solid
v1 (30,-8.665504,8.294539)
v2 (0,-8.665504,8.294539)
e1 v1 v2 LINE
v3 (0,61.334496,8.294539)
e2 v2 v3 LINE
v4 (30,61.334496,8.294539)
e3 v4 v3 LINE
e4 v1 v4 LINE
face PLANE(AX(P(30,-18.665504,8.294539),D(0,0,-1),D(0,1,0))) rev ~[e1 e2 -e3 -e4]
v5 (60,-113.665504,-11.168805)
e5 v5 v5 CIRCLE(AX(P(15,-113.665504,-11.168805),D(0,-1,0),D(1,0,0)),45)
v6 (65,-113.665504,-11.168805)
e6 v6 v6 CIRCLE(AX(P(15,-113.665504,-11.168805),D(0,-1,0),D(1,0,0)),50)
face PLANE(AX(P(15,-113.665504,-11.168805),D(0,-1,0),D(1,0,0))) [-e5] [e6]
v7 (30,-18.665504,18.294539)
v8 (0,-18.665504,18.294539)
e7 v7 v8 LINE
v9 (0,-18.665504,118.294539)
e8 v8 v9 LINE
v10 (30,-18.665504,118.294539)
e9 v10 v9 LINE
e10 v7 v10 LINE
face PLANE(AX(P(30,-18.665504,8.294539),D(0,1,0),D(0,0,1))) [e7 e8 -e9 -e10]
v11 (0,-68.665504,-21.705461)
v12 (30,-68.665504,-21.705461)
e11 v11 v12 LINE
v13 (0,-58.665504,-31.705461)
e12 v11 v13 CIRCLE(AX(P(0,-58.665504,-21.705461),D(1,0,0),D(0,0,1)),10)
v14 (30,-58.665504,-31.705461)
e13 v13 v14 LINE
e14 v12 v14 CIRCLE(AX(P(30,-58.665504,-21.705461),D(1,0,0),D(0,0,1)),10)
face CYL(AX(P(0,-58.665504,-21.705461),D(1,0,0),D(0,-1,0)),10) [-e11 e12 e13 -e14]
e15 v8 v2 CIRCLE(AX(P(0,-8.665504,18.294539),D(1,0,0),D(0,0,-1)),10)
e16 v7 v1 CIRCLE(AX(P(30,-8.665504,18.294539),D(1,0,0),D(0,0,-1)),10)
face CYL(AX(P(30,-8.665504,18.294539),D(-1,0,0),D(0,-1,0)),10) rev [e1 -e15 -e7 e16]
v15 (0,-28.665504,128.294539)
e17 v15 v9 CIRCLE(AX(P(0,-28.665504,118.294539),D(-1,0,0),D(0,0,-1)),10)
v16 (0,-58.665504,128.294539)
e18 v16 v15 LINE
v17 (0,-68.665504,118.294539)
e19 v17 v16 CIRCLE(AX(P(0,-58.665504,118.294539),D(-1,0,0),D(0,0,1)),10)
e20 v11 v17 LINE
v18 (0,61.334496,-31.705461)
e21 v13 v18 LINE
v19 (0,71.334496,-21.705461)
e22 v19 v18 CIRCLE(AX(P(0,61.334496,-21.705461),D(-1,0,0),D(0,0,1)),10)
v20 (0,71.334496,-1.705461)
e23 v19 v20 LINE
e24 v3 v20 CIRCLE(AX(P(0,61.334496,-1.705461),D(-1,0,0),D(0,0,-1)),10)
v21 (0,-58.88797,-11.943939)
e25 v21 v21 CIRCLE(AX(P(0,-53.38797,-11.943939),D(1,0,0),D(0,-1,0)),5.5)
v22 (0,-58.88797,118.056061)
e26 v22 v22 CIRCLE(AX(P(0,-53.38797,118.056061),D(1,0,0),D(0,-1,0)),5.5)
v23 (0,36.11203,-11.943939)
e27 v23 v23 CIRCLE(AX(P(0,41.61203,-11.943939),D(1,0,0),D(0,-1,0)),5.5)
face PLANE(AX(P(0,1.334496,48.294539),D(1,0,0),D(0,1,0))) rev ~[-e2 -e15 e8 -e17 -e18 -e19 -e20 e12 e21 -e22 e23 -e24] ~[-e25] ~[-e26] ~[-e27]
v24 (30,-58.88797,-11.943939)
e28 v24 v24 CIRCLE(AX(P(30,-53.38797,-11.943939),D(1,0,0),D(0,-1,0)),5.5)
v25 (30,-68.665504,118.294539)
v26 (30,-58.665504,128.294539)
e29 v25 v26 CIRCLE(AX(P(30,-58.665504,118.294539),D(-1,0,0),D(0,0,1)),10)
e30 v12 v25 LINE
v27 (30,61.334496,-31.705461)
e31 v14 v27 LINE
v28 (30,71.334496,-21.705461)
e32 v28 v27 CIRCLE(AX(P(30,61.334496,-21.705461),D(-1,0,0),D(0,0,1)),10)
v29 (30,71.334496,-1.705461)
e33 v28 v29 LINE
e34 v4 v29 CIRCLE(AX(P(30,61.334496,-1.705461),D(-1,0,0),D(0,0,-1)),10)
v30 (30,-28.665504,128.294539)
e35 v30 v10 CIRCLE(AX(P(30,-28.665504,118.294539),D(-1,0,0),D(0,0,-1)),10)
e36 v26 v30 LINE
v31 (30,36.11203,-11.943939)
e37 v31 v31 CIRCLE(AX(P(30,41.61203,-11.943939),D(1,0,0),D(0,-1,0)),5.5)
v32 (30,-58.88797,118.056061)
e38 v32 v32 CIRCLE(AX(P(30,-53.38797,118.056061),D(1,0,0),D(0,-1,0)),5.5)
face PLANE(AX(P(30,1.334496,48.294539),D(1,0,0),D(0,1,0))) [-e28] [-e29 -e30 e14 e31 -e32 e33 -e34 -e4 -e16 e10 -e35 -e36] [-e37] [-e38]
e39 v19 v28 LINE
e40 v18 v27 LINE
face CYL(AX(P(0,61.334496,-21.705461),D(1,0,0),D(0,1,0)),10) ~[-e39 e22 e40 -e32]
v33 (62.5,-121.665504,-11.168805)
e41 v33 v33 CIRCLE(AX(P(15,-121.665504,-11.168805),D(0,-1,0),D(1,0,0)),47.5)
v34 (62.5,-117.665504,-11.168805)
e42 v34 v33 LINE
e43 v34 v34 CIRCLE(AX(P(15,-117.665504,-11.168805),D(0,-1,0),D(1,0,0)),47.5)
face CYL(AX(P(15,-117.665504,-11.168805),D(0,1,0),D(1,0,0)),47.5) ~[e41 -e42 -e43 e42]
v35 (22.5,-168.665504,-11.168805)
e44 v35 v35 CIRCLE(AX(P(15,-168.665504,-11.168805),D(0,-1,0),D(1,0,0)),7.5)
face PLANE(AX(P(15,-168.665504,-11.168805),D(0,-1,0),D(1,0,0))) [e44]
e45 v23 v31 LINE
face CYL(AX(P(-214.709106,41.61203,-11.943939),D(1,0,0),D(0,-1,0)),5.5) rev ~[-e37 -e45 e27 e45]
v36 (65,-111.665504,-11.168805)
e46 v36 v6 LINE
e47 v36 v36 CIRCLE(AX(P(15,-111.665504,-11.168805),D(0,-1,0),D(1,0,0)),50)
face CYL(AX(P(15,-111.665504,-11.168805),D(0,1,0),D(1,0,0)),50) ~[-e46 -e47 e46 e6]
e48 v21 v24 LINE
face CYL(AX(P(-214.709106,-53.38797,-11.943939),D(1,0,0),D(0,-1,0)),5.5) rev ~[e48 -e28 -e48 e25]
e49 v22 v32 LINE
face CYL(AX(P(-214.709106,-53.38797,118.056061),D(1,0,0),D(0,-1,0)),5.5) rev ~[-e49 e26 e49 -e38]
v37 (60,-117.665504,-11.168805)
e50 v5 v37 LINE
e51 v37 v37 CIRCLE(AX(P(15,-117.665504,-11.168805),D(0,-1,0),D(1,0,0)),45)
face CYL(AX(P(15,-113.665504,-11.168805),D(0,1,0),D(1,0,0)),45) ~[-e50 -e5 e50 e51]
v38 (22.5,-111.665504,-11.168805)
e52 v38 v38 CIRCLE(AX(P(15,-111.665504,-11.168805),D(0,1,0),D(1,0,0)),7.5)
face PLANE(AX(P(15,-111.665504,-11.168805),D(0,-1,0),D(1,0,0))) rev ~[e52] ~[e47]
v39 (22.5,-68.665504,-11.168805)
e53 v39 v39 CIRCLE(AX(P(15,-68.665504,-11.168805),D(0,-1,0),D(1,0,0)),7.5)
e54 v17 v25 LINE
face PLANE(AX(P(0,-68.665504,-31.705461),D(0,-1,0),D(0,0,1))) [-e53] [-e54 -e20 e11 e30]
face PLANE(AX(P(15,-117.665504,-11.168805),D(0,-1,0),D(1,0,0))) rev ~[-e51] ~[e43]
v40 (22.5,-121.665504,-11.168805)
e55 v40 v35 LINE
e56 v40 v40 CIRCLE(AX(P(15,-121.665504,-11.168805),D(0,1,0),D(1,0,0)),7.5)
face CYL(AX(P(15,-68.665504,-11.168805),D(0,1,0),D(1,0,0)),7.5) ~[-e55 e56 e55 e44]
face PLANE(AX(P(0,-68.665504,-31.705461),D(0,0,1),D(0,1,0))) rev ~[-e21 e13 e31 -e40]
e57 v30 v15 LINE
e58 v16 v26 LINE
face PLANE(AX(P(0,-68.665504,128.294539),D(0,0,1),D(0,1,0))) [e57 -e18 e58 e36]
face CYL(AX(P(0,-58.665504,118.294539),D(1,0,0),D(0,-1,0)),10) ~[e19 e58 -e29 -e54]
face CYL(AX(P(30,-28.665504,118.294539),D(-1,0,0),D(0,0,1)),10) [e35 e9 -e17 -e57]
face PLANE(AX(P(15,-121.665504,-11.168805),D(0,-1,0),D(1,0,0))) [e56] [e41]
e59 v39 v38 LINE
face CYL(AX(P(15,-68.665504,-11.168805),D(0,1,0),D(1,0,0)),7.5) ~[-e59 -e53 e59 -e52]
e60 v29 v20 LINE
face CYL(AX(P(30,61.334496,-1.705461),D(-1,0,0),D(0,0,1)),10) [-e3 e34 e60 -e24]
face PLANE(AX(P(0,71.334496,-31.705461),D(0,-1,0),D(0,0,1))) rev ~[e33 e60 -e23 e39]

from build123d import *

# Parameters (mm, degrees)
F1_W      = 140
F1_H      = 160
F2_DEPTH  = 30
F3_R      = 10
F4_W      = 90
F4_H      = 120
F5_DEPTH  = 30.001
F6_R      = 10
F7_D      = 11
F8_R      = 7.5
F9_DEPTH  = 100
F11_R     = 50
F12_DEPTH = 2
F13_R     = 45
F13_R_2   = 7.5
F14_DEPTH = 4
F15_R     = 47.5
F16_DEPTH = 4


with BuildPart() as f2:
    # F1 (on Right) → F2 (new body)
    with BuildSketch(Plane.YZ):
        with Locations((1.3344958425, 48.294539011)):
            Rectangle(F1_W, F1_H)
    extrude(amount=F2_DEPTH)

    # F3
    f3_edges = [f2.edges().sort_by_distance(p)[0] for p in [
        (15, -68.665504, 128.294539),
        (15, -68.665504, -31.705461),
    ]]
    fillet(f3_edges, radius=F3_R)

    # F4 (on face) → F5 (cut, through all)
    with BuildSketch(Plane.YZ.offset(30)):
        with Locations((26.3344958425, 68.294539011)):
            Rectangle(F4_W, F4_H)
    extrude(amount=-F5_DEPTH, mode=Mode.SUBTRACT)

    # F6
    f6_edges = [f2.edges().sort_by_distance(p)[0] for p in [
        (15, -18.665504, 128.294539),
        (15, -18.665504, 8.294539),
        (15, 71.334496, 8.294539),
        (15, 71.334496, -31.705461),
    ]]
    fillet(f6_edges, radius=F6_R)

    # F7 (through all)
    with Locations(Plane(origin=(0, 0, 0), x_dir=(0, 1, 0), z_dir=(-1, 0, 0))):
        with Locations((-53.3879697323, -118.0560608581), (-53.3879697323, 11.9439391419), (41.6120302677, 11.9439391419)):
            Hole(F7_D / 2)

    # F8 (on face) → F9 (join)
    with BuildSketch(Plane.XZ.offset(68.6655041575)):
        with Locations((15, -11.168804951)):
            Circle(F8_R)
    extrude(amount=F9_DEPTH)

    # F11 (on offset) → F12 (join)
    with BuildSketch(Plane.XZ.offset(111.6655041575)):
        with Locations((15, -11.168804951)):
            Circle(F11_R)
    extrude(amount=F12_DEPTH)

    # F13 (on face) → F14 (join)
    with BuildSketch(Plane.XZ.offset(113.6655041575)):
        with Locations((15, -11.168804951)):
            Circle(F13_R)
        with Locations((15, -11.168804951)):
            Circle(F13_R_2, mode=Mode.SUBTRACT)
    extrude(amount=F14_DEPTH)

    # F15 (on face) → F16 (join)
    with BuildSketch(Plane.XZ.offset(117.6655041575)):
        with Locations((15, -11.168804951)):
            Circle(F15_R)
    extrude(amount=F16_DEPTH)


solid = f2.part
